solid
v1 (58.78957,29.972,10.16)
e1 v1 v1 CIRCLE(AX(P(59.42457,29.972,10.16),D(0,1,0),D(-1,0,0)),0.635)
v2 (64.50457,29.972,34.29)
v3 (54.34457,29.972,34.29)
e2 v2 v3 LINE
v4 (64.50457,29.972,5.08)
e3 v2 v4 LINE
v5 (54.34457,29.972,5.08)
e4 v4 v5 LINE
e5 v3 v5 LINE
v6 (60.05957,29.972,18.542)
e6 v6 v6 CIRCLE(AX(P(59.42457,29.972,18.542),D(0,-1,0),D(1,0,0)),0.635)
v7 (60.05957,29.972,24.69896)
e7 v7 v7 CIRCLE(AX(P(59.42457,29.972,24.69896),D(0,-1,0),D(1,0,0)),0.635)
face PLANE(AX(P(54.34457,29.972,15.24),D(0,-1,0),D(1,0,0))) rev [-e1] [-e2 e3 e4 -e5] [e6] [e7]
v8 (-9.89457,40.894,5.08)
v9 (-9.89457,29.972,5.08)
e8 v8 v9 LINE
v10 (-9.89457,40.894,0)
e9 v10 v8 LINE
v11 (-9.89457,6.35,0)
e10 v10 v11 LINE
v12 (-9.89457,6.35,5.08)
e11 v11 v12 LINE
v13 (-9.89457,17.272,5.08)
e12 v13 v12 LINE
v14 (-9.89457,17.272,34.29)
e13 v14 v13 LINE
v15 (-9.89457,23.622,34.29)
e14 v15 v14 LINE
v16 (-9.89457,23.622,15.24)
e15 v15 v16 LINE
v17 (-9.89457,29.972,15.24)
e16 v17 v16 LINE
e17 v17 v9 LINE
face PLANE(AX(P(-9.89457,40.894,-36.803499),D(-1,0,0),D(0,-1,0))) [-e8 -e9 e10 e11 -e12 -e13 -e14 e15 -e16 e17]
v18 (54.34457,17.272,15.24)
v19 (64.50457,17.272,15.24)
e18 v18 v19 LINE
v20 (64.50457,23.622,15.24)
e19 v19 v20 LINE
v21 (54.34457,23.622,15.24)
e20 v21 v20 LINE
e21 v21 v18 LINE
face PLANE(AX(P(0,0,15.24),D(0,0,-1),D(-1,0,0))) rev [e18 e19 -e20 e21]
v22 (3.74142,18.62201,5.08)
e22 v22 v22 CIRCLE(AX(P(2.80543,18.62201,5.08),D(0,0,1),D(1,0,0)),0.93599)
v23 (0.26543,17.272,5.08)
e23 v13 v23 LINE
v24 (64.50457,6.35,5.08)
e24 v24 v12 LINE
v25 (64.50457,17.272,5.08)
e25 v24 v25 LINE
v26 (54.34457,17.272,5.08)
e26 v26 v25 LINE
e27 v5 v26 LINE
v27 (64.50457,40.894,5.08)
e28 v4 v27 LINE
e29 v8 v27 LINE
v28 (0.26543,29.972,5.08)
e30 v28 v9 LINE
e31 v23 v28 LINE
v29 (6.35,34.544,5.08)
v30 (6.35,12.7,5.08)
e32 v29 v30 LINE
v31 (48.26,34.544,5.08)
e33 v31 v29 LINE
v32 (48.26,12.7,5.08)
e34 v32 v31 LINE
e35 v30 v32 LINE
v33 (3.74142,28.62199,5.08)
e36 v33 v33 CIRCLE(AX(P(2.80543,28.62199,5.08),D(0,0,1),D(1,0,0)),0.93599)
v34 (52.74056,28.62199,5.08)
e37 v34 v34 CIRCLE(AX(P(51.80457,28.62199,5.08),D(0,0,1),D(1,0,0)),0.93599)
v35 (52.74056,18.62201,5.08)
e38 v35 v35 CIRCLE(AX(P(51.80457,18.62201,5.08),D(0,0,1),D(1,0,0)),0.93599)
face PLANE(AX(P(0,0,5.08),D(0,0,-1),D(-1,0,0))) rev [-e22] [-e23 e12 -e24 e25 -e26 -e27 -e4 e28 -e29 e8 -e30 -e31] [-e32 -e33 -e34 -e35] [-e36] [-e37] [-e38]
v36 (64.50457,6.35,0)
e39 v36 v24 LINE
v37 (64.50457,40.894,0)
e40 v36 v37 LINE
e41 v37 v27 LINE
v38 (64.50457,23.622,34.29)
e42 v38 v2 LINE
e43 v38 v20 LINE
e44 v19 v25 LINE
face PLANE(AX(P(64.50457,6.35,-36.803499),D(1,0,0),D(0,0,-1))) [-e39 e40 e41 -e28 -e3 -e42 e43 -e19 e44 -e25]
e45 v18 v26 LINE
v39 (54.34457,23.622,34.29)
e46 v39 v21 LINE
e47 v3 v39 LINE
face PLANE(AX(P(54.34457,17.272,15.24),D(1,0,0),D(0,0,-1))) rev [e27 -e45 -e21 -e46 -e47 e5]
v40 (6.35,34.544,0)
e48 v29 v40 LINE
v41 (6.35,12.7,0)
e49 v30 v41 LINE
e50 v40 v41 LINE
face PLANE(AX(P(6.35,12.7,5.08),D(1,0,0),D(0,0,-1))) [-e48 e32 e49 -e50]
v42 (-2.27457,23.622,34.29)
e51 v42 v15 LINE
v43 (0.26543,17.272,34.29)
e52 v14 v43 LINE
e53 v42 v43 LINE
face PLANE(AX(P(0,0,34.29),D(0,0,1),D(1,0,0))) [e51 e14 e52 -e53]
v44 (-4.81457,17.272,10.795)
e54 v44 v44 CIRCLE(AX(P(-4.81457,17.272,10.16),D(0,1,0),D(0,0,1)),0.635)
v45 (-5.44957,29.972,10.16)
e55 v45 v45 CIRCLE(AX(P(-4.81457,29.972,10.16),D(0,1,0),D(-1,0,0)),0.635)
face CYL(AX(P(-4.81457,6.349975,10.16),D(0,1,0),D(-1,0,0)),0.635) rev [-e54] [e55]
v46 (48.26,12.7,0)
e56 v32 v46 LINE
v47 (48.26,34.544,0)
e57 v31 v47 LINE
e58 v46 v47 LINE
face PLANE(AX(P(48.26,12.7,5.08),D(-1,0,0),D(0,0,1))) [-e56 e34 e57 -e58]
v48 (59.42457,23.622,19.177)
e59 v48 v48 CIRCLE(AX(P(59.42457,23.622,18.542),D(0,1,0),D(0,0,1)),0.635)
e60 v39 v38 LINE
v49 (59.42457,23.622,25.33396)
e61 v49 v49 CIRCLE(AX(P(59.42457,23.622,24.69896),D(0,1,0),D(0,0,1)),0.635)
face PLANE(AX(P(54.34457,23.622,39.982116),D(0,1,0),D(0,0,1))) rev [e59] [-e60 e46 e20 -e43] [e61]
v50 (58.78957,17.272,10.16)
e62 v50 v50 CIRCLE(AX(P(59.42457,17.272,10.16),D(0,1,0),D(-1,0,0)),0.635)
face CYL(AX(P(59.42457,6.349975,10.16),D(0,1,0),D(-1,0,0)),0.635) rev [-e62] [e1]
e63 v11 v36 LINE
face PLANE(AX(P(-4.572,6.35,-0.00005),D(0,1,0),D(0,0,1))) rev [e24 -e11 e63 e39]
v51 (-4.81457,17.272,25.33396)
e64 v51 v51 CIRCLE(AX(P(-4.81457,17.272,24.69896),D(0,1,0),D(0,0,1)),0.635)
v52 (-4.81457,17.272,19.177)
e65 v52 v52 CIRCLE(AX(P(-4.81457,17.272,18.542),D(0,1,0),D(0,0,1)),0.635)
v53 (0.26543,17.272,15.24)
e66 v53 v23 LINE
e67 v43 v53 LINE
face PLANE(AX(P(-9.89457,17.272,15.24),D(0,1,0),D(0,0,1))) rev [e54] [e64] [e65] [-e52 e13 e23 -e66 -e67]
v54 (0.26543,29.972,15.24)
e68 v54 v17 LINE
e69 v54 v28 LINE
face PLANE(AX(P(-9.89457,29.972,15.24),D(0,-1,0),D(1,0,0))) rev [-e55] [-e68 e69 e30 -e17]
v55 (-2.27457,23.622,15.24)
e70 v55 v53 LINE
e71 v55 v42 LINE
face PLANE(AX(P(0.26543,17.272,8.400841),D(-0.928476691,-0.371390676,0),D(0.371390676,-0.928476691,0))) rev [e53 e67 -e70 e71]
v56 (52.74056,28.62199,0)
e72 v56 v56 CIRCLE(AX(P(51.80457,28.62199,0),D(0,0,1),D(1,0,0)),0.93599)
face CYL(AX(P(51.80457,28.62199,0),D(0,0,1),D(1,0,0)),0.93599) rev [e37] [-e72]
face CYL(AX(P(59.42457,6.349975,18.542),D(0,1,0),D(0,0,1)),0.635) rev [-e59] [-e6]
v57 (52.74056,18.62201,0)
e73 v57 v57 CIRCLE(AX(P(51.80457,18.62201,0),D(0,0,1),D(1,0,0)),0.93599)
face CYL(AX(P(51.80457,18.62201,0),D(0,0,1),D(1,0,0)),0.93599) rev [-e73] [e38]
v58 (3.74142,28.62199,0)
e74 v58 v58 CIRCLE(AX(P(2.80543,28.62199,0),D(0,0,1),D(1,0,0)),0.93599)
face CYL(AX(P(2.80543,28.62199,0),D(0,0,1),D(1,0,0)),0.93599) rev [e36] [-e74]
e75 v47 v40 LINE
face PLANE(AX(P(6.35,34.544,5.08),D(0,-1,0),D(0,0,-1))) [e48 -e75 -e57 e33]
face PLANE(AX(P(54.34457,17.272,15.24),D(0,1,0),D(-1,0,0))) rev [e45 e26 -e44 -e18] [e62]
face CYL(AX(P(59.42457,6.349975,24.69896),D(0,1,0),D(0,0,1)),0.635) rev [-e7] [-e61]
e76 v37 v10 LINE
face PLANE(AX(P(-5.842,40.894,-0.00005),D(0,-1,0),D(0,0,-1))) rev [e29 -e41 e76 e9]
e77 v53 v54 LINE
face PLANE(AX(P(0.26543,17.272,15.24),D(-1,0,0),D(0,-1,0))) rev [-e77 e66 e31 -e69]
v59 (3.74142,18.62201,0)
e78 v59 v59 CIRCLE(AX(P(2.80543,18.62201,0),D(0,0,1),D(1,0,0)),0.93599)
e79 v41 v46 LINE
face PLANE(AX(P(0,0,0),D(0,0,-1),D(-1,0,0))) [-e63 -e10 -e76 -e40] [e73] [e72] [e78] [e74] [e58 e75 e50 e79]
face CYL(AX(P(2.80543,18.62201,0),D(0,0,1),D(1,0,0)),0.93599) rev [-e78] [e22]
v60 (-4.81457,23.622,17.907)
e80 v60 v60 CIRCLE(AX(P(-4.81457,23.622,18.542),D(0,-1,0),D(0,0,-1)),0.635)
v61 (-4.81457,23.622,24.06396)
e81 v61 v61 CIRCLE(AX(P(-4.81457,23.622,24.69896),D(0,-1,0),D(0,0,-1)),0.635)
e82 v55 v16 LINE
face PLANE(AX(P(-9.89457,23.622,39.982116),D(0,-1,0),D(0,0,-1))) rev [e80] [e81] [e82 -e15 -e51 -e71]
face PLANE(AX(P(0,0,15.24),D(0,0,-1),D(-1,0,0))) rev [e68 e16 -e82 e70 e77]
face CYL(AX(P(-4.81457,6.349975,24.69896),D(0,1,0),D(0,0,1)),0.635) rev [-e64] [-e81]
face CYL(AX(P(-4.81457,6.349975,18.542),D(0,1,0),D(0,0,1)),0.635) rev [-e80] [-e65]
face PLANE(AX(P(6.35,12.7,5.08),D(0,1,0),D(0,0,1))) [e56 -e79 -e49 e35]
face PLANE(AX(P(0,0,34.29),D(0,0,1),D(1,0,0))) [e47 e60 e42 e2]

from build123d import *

# Parameters (mm, degrees)
SKETCH1_W               = 54.61
SKETCH1_H               = 47.244
SKETCH1_W_2             = 41.91
SKETCH1_H_2             = 21.844
BOSS_EXTRUDE1_DEPTH     = 5.08
SKETCH2_R               = 0.93599
CUT_EXTRUDE1_DEPTH      = 73.388217522
SKETCH10_W              = 14.41958
SKETCH10_H              = 19.49958
SKETCH10_R              = 0.635
BOSS_EXTRUDE4_DEPTH     = 5.08
SKETCH11_R              = 0.635
SKETCH11_W              = 3.302
SKETCH11_H              = 76.2
BOSS_EXTRUDE5_DEPTH     = 5.08
SKETCH12_W              = 60.452
SKETCH12_H              = 6.35
SKETCH12_W_2            = 59.182
CUT_EXTRUDE2_DEPTH      = 95.448366629
SKETCH13_W              = 7.0195552
SKETCH13_H              = 78.993394517
BOSS_EXTRUDE6_DEPTH     = 4.826
FILLET1_R               = 2.54
CUT_EXTRUDE3_DEPTH      = 95.448366629
SKETCH15_W              = 9.078627065
SKETCH15_H              = 34.544
BOSS_EXTRUDE7_DEPTH     = 5.08
SKETCH16_W              = 10.16
SKETCH16_H              = 12.7
BOSS_EXTRUDE8_DEPTH     = 10.16
SKETCH17_R              = 0.635
CUT_EXTRUDE4_DEPTH      = 71.364025147
SKETCH18_W              = 10.16
SKETCH18_H              = 6.35
BOSS_EXTRUDE9_DEPTH     = 12.76096
CUT_EXTRUDE5_DEPTH      = 73.410049688
CUT_EXTRUDE5_DEPTH_BACK = 73.410049688
SKETCH19_R              = 0.635
SKETCH20_W              = 10.16
SKETCH20_H              = 6.35
BOSS_EXTRUDE10_DEPTH    = 6.28904
CUT_EXTRUDE7_DEPTH      = 19.05


with BuildPart() as part:
    # Sketch1 → Boss-Extrude1 (new body)
    with BuildSketch(Plane.XY):
        with Locations((27.305, 23.622)):
            Rectangle(SKETCH1_W, SKETCH1_H)
        with Locations((27.305, 23.622)):
            Rectangle(SKETCH1_W_2, SKETCH1_H_2, mode=Mode.SUBTRACT)
    extrude(amount=BOSS_EXTRUDE1_DEPTH)

    # Sketch2 → Cut-Extrude1 (cut, through all)
    with BuildSketch(Plane.XY.offset(5.08)):
        with Locations((2.80543, 28.62199)):
            Circle(SKETCH2_R)
        with Locations((2.80543, 18.62201)):
            Circle(SKETCH2_R)
        with Locations((51.80457, 28.62199)):
            Circle(SKETCH2_R)
        with Locations((51.80457, 18.62201)):
            Circle(SKETCH2_R)
    extrude(amount=-CUT_EXTRUDE1_DEPTH, mode=Mode.SUBTRACT)

    # Sketch10 → Boss-Extrude4 (add)
    with BuildSketch(Plane.XY.offset(5.08)):
        with Locations((61.81979, 23.622)):
            Rectangle(SKETCH10_W, SKETCH10_H)
        with Locations((64.35979, 21.49221)):
            Circle(SKETCH10_R, mode=Mode.SUBTRACT)
        with Locations((64.35979, 25.75179)):
            Circle(SKETCH10_R, mode=Mode.SUBTRACT)
    extrude(amount=-BOSS_EXTRUDE4_DEPTH)

    # Sketch11 → Boss-Extrude5 (add)
    with BuildSketch(Plane.XY.offset(5.08)):
        Polygon((0, 47.244), (-5.842, 47.244), (-5.842, 64.262), (-15.748, 64.262), (-15.748, -17.018), (-4.572, -17.018), (-4.572, 0), (0, 0), align=None)
        with Locations(Location((-4.572, 21.49221, 0), (0, 0, 180))):
            Circle(SKETCH11_R, mode=Mode.SUBTRACT)
        with Locations(Location((-4.572, 25.75179, 0), (0, 0, 180))):
            Circle(SKETCH11_R, mode=Mode.SUBTRACT)
        with Locations((-10.795, 23.622)):
            Rectangle(SKETCH11_W, SKETCH11_H, mode=Mode.SUBTRACT)
    extrude(amount=-BOSS_EXTRUDE5_DEPTH)

    # Sketch12 → Cut-Extrude2 (cut, through all)
    with BuildSketch(Plane.XY.offset(5.08)):
        with Locations((24.384, 44.069)):
            Rectangle(SKETCH12_W, SKETCH12_H)
        with Locations((25.019, 3.175)):
            Rectangle(SKETCH12_W_2, SKETCH12_H)
    extrude(amount=-CUT_EXTRUDE2_DEPTH, mode=Mode.SUBTRACT)

    # Sketch13 → Boss-Extrude6 (add)
    with BuildSketch(Plane(origin=(0, 0, 0), x_dir=(-1, 0, 0), z_dir=(0, 0, -1))):
        with Locations((10.665198327, 23.388014827)):
            Rectangle(SKETCH13_W, SKETCH13_H)
    extrude(amount=-BOSS_EXTRUDE6_DEPTH)

    # Fillet1
    fillet1_edges = [part.edges().sort_by_distance(p)[0] for p in [
        (69.02958, 13.87221, 2.54),
        (54.61, 13.87221, 2.54),
        (54.61, 6.35, 2.54),
        (-4.572, 6.35, 2.54),
        (-4.572, -17.018, 2.54),
        (-15.748, -17.018, 2.54),
        (-15.748, 64.262, 2.54),
        (-5.842, 64.262, 2.54),
        (-5.842, 40.894, 2.54),
        (54.61, 40.894, 2.54),
        (54.61, 33.37179, 2.54),
        (69.02958, 33.37179, 2.54),
    ]]
    fillet(fillet1_edges, radius=FILLET1_R)

    # Sketch14 → Cut-Extrude3 (cut, through all)
    with BuildSketch(Plane.XY.offset(5.08)):
        Polygon((2.80543, 40.894), (-0.815942935, 40.894), (-0.815942935, 6.35), (2.80543, 6.35), (2.80543, -19.941776761), (-23.515321153, -19.941776761), (-23.515321153, 65.826532556), (2.80543, 65.826532556), align=None)
        Polygon((51.80457, 40.896870143), (51.80457, 65.826532556), (74.486186006, 65.826532556), (74.486186006, -19.941776761), (51.80457, -19.941776761), (52.07, 6.35), (54.61, 8.89), (54.61, 38.354), align=None)
    extrude(amount=-CUT_EXTRUDE3_DEPTH, mode=Mode.SUBTRACT)

    # Sketch15 → Boss-Extrude7 (add)
    with BuildSketch(Plane.XY.offset(5.08)):
        with Locations((-5.355256468, 23.622)):
            Rectangle(SKETCH15_W, SKETCH15_H)
        Polygon((51.807736495, 40.894), (54.61, 38.354), (54.61, 8.89), (52.07, 6.35), (64.50457, 6.35), (64.50457, 40.894), align=None)
    extrude(amount=-BOSS_EXTRUDE7_DEPTH)

    # Sketch16 → Boss-Extrude8 (add)
    with BuildSketch(Plane.XY.offset(5.08)):
        with Locations((-4.81457, 23.622)):
            Rectangle(SKETCH16_W, SKETCH16_H)
        with Locations((59.42457, 23.622)):
            Rectangle(SKETCH16_W, SKETCH16_H)
    extrude(amount=BOSS_EXTRUDE8_DEPTH)

    # Sketch17 → Cut-Extrude4 (cut, through all)
    with BuildSketch(Plane(origin=(0, 29.972, 0), x_dir=(1, 0, 0), z_dir=(0, 1, 0))):
        with Locations(Location((-4.81457, -10.16, 0), (0, 0, 180))):
            Circle(SKETCH17_R)
        with Locations(Location((59.42457, -10.16, 0), (0, 0, 180))):
            Circle(SKETCH17_R)
    extrude(amount=-CUT_EXTRUDE4_DEPTH, mode=Mode.SUBTRACT)

    # Sketch18 → Boss-Extrude9 (add)
    with BuildSketch(Plane.XY.offset(15.24)):
        with Locations((-4.81457, 20.447)):
            Rectangle(SKETCH18_W, SKETCH18_H)
        with Locations((59.42457, 26.797)):
            Rectangle(SKETCH18_W, SKETCH18_H)
    extrude(amount=BOSS_EXTRUDE9_DEPTH)

    # Sketch19 → Cut-Extrude5 (cut, two sides: drawn at the far end of the back side and taken through both)
    with BuildSketch(Plane(origin=(0, 23.622, 0), x_dir=(1, 0, 0), z_dir=(0, 1, 0)).offset(-CUT_EXTRUDE5_DEPTH_BACK)):
        with Locations(Location((-4.81457, -18.542, 0), (0, 0, 270))):
            Circle(SKETCH19_R)
        with Locations(Location((-4.81457, -24.69896, 0), (0, 0, 270))):
            Circle(SKETCH19_R)
        with Locations(Location((59.42457, -18.542, 0), (0, 0, 270))):
            Circle(SKETCH19_R)
        with Locations(Location((59.42457, -24.69896, 0), (0, 0, 270))):
            Circle(SKETCH19_R)
    extrude(amount=CUT_EXTRUDE5_DEPTH + CUT_EXTRUDE5_DEPTH_BACK, mode=Mode.SUBTRACT)

    # Sketch20 → Boss-Extrude10 (add)
    with BuildSketch(Plane.XY.offset(28.00096)):
        with Locations((-4.81457, 20.447)):
            Rectangle(SKETCH20_W, SKETCH20_H)
        with Locations((59.42457, 26.797)):
            Rectangle(SKETCH20_W, SKETCH20_H)
    extrude(amount=BOSS_EXTRUDE10_DEPTH)

    # Sketch22 → Cut-Extrude7 (cut)
    with BuildSketch(Plane.XY.offset(34.29)):
        Polygon((0.26543, 17.272), (-2.27457, 23.622), (0.26543, 23.622), align=None)
    extrude(amount=-CUT_EXTRUDE7_DEPTH, mode=Mode.SUBTRACT)


solid = part.part
